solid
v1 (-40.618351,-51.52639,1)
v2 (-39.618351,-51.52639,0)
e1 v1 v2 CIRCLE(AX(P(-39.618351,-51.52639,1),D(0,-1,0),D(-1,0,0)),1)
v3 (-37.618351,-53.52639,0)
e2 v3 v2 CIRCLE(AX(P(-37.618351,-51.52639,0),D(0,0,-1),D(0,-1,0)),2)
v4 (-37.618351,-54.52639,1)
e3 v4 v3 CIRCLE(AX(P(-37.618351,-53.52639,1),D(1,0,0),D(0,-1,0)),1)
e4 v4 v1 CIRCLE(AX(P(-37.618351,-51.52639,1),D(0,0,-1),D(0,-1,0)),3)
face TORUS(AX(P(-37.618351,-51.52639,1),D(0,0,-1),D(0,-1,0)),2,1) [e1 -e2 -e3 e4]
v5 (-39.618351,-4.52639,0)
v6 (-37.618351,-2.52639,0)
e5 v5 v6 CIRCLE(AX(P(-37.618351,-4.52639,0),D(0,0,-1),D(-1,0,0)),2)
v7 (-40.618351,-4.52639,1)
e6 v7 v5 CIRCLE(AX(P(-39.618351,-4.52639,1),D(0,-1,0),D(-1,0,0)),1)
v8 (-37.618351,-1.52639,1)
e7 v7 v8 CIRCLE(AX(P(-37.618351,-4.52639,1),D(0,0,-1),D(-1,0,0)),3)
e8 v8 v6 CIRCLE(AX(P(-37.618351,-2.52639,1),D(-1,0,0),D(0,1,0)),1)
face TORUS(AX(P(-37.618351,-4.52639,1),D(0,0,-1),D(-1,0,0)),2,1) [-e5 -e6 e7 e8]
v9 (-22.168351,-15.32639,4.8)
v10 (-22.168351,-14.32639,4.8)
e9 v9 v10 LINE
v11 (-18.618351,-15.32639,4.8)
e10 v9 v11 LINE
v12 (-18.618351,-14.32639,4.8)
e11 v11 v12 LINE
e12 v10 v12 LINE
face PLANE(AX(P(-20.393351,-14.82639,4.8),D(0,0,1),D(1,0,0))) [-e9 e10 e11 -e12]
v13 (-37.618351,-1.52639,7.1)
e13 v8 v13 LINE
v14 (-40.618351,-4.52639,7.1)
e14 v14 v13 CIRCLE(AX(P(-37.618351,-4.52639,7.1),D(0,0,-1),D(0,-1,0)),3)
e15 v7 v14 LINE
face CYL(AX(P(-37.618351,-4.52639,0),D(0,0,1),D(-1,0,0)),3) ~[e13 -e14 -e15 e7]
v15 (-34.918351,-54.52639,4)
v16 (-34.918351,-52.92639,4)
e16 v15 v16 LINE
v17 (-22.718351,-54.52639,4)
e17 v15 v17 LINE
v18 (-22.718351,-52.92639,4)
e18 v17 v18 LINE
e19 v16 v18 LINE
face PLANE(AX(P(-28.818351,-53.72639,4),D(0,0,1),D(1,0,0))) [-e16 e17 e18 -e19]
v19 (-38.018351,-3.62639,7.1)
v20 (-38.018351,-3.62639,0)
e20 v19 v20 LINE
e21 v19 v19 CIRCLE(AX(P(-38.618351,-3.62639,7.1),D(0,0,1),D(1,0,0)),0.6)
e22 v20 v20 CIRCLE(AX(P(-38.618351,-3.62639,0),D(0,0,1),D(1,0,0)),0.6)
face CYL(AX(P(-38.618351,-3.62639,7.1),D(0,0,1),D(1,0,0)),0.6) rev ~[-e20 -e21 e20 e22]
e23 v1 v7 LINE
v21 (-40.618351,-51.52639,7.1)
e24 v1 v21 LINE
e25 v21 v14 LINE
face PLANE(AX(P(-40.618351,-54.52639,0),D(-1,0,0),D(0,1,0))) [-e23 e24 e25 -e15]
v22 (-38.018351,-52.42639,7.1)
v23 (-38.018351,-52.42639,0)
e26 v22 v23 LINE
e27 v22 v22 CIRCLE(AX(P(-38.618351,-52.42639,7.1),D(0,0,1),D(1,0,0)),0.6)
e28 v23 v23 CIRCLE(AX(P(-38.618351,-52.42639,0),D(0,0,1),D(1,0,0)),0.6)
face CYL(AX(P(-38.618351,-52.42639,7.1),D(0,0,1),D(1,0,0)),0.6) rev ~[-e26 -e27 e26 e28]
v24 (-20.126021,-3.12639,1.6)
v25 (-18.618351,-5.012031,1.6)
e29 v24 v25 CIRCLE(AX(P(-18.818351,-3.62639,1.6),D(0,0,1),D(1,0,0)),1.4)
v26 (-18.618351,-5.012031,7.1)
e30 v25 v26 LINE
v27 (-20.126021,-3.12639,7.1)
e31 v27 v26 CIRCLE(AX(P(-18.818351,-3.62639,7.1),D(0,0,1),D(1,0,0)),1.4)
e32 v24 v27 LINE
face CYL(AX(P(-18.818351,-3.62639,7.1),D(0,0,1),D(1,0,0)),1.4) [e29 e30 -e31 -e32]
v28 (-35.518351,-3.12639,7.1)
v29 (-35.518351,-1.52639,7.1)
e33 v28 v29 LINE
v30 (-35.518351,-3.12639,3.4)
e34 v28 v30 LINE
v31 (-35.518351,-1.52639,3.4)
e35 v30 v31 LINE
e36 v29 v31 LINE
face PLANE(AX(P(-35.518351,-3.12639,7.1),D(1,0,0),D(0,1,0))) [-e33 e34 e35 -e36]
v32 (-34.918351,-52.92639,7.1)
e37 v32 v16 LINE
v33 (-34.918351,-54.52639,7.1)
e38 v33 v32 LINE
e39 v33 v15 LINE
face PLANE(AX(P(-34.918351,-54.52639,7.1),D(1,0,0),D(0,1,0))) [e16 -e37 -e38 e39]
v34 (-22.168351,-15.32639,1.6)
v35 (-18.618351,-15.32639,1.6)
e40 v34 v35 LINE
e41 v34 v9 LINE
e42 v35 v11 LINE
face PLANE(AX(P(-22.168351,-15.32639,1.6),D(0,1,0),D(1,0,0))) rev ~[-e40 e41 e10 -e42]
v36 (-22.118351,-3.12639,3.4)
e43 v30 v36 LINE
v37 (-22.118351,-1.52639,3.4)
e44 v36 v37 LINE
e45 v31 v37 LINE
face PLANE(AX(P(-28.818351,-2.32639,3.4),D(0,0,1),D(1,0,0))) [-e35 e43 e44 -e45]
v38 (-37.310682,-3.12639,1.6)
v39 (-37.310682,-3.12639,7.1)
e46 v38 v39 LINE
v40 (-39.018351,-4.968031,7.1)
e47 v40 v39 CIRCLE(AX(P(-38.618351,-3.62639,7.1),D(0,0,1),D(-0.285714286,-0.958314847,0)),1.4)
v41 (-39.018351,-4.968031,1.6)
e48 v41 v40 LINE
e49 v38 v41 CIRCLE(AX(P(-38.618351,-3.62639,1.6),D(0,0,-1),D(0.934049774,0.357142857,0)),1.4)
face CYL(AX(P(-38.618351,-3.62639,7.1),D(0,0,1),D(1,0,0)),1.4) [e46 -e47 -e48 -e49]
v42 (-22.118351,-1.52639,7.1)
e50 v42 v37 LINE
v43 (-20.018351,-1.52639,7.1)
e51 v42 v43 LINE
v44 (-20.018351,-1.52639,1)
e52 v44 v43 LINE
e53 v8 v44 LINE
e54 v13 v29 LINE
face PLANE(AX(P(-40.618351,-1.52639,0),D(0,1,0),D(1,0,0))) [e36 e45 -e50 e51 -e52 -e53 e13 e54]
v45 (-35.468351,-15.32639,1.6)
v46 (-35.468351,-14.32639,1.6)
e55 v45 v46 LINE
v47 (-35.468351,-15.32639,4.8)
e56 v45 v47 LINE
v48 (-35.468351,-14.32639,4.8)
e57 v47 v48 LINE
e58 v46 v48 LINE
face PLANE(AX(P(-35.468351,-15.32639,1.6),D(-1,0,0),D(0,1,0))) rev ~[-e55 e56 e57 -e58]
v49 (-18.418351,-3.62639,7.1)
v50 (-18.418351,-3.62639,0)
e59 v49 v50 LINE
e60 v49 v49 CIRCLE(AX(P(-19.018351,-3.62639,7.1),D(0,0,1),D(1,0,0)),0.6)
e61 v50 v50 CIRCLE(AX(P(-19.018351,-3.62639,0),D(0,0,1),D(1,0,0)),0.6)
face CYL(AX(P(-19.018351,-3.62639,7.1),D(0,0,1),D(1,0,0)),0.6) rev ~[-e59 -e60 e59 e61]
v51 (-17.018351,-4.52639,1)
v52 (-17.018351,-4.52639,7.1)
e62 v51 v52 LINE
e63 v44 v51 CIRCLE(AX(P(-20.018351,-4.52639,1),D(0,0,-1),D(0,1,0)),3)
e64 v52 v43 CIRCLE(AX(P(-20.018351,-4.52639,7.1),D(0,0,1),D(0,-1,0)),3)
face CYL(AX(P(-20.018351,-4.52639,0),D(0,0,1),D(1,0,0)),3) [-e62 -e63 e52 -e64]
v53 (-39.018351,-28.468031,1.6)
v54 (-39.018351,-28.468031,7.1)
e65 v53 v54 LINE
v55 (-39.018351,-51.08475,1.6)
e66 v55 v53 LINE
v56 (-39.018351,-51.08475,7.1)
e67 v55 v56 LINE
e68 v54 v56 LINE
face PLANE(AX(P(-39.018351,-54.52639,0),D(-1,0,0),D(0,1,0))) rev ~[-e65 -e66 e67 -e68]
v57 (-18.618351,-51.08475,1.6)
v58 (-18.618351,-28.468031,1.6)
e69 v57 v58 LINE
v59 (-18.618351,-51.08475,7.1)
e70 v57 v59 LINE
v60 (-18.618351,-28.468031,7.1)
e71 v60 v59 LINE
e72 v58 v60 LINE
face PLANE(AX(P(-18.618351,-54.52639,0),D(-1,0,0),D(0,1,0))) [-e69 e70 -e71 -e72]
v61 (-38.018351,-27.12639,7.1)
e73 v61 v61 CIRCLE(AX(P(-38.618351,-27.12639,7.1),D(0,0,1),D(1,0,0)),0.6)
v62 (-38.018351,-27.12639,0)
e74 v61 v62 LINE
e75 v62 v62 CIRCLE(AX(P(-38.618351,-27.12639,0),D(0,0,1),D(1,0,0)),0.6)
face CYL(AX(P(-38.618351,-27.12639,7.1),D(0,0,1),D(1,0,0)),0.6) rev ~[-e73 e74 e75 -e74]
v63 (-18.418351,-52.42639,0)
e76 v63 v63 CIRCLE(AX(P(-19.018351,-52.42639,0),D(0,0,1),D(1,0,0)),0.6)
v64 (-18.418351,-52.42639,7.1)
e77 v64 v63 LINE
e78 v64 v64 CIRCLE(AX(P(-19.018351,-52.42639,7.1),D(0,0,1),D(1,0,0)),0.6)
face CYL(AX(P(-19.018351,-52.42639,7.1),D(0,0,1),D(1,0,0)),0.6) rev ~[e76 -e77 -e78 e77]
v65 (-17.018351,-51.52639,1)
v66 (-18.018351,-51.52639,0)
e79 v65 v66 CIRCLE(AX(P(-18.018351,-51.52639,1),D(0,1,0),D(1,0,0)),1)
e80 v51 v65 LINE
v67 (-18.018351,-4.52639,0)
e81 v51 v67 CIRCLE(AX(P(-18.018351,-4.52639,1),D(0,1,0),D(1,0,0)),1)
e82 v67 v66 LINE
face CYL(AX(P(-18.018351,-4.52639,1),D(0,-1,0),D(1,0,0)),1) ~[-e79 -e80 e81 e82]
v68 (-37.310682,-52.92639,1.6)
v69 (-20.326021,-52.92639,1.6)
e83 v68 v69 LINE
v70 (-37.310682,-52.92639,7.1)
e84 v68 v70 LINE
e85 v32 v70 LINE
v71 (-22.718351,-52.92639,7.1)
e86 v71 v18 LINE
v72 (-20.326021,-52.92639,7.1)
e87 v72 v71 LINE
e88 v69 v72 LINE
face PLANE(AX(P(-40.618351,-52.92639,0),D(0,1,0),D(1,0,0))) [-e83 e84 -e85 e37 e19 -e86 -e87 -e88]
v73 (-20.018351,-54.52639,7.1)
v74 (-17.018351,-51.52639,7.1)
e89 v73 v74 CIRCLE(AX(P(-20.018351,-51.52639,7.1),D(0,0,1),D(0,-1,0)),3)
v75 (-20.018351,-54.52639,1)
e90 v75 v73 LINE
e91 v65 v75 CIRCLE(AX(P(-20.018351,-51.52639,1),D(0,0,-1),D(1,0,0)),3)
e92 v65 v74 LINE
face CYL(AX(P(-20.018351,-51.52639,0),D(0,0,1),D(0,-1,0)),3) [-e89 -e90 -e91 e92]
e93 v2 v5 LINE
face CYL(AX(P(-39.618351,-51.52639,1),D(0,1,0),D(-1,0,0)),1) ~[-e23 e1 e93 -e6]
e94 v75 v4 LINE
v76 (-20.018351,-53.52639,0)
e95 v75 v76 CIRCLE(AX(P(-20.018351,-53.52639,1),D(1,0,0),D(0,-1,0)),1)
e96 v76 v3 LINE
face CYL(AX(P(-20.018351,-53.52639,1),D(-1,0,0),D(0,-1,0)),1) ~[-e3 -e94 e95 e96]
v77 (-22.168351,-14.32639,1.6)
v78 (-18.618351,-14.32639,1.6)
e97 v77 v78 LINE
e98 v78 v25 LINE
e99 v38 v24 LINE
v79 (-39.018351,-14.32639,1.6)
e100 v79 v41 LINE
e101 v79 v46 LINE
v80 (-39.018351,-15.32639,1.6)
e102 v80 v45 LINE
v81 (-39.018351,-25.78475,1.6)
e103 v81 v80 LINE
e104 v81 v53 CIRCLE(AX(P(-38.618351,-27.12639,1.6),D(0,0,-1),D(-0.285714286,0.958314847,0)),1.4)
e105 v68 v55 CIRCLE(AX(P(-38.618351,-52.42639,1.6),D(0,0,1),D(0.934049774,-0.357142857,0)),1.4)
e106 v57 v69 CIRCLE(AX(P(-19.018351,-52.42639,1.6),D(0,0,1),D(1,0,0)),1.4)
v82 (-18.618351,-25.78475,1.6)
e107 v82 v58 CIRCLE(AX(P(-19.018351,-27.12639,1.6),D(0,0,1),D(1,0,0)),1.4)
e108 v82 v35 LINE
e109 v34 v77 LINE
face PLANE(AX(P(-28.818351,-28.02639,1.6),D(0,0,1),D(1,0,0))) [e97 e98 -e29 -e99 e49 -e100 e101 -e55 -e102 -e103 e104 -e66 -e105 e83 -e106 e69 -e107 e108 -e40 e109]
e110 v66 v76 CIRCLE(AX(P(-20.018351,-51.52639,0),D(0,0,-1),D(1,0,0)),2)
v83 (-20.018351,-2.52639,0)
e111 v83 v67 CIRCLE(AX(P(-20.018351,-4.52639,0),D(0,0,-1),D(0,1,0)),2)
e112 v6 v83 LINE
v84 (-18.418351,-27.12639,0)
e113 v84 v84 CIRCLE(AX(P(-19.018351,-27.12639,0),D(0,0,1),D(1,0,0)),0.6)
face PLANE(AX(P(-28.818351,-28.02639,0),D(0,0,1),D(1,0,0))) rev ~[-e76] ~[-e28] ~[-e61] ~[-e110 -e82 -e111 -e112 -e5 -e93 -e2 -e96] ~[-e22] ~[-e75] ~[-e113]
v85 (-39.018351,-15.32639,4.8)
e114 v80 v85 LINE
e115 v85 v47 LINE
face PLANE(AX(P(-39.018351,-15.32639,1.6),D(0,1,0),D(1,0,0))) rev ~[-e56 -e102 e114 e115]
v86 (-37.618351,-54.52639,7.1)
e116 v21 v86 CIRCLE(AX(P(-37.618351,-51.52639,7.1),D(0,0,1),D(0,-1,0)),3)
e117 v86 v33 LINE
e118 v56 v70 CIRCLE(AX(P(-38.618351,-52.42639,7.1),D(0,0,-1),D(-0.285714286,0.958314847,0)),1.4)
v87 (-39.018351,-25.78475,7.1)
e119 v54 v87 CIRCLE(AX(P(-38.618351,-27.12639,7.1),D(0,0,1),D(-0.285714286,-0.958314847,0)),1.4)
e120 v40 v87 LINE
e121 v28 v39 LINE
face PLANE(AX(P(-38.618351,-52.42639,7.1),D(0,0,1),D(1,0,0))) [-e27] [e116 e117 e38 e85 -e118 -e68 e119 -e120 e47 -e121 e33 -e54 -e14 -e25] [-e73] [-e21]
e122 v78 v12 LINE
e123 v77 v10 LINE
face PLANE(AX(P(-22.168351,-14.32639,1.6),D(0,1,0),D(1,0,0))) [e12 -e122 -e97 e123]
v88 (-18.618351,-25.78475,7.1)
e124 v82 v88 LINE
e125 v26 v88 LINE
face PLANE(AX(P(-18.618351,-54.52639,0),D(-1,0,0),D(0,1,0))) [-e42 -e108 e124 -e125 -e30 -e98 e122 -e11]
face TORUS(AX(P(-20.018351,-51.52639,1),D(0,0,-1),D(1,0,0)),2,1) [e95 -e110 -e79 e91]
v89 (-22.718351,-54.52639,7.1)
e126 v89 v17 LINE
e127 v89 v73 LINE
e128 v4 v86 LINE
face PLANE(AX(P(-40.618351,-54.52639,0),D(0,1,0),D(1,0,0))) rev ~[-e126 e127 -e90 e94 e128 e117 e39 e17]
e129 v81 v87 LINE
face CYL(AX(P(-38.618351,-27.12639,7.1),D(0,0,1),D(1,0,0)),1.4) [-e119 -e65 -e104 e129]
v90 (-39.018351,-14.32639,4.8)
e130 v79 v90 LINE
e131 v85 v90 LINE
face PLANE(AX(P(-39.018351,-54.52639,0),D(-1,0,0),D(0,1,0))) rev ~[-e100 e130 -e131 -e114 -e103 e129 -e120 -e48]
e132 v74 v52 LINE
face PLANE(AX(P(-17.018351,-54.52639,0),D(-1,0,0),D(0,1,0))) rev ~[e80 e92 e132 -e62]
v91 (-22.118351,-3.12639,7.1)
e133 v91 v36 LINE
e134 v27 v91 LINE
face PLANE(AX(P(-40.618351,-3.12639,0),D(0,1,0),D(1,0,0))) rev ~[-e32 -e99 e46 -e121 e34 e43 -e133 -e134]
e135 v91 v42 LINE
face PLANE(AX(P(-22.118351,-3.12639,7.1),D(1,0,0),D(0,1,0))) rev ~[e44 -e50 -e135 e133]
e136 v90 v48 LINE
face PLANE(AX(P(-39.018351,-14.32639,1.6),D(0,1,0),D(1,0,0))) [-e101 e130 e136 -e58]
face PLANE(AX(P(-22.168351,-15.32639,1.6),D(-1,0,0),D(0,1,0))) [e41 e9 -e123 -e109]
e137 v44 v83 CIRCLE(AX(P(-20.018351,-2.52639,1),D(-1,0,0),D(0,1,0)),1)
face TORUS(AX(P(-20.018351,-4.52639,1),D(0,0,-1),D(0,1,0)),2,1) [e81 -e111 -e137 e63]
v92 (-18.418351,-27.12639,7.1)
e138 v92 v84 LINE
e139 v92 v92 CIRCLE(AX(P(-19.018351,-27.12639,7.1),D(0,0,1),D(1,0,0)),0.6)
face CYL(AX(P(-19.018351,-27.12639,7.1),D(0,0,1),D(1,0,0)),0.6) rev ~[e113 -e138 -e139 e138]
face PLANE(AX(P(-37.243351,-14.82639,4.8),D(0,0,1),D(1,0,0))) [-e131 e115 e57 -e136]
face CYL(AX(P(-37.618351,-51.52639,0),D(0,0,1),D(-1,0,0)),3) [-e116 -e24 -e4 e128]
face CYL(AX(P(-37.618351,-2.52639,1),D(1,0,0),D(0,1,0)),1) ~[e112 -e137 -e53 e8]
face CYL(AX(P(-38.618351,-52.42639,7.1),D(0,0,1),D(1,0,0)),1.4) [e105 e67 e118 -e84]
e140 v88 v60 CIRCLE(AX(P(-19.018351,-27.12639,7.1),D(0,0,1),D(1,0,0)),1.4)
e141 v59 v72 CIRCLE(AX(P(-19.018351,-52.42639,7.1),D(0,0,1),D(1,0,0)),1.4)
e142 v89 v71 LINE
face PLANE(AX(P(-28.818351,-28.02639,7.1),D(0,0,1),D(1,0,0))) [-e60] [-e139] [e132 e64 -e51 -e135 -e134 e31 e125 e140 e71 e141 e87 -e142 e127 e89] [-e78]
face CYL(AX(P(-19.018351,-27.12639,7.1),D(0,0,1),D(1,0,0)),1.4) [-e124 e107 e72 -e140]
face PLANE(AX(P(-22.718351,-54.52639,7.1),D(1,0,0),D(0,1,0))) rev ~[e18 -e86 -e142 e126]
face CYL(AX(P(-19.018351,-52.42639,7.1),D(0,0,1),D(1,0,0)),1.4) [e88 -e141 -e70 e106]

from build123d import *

# Parameters (mm, degrees)
SKETCH1_W           = 23.6
SKETCH1_H           = 53
BOSS_EXTRUDE2_DEPTH = 7.1
SHELL1_T            = -1.6
FILLET2_R           = 3
SKETCH7_W           = 12.2
SKETCH7_H           = 1.6
CUT_EXTRUDE1_DEPTH  = 3.1
SKETCH8_W           = 13.4
SKETCH8_H           = 1.6
CUT_EXTRUDE2_DEPTH  = 3.7
SKETCH9_W           = 3.55
SKETCH9_H           = 1
BOSS_EXTRUDE3_DEPTH = 3.2
SKETCH10_R          = 1.4
BOSS_EXTRUDE4_DEPTH = 7.1
SKETCH11_R          = 0.6
CUT_EXTRUDE4_DEPTH  = 7.1
FILLET3_R           = 1


with BuildPart() as part:
    # Sketch1 → Boss-Extrude2 (new body)
    with BuildSketch(Plane.XY):
        with Locations((-28.818351302, -28.026390465)):
            Rectangle(SKETCH1_W, SKETCH1_H)
    extrude(amount=BOSS_EXTRUDE2_DEPTH)

    # Shell1
    shell1_openings = [part.faces().sort_by_distance(p)[0] for p in [
        (-28.818351302, -28.026390465, 7.1),
    ]]
    offset(amount=SHELL1_T, openings=shell1_openings, kind=Kind.INTERSECTION)

    # Fillet2
    fillet2_edges = [part.edges().sort_by_distance(p)[0] for p in [
        (-40.618351302, -1.526390465, 3.55),
        (-17.018351302, -1.526390465, 3.55),
        (-17.018351302, -54.526390465, 3.55),
        (-40.618351302, -54.526390465, 3.55),
    ]]
    fillet(fillet2_edges, radius=FILLET2_R)

    # Sketch7 → Cut-Extrude1 (cut)
    with BuildSketch(Plane.XY.offset(7.1)):
        with Locations((-28.818351302, -53.726390465)):
            Rectangle(SKETCH7_W, SKETCH7_H)
    extrude(amount=-CUT_EXTRUDE1_DEPTH, mode=Mode.SUBTRACT)

    # Sketch8 → Cut-Extrude2 (cut)
    with BuildSketch(Plane.XY.offset(7.1)):
        with Locations((-28.818351302, -2.326390465)):
            Rectangle(SKETCH8_W, SKETCH8_H)
    extrude(amount=-CUT_EXTRUDE2_DEPTH, mode=Mode.SUBTRACT)

    # Sketch9 → Boss-Extrude3 (add)
    with BuildSketch(Plane.XY.offset(1.6)):
        with Locations((-20.393351302, -14.826390465)):
            Rectangle(SKETCH9_W, SKETCH9_H)
        with Locations((-37.243351302, -14.826390465)):
            Rectangle(SKETCH9_W, SKETCH9_H)
    extrude(amount=BOSS_EXTRUDE3_DEPTH)

    # Sketch10 → Boss-Extrude4 (add)
    with BuildSketch(Plane.XY.offset(7.1)):
        with Locations((-38.618351302, -52.426390465)):
            Circle(SKETCH10_R)
        with Locations((-19.018351302, -52.426390465)):
            Circle(SKETCH10_R)
        with Locations((-38.618351302, -27.126390465)):
            Circle(SKETCH10_R)
        with Locations((-19.018351302, -27.126390465)):
            Circle(SKETCH10_R)
        with Locations((-18.818351302, -3.626390465)):
            Circle(SKETCH10_R)
        with Locations((-38.618351302, -3.626390465)):
            Circle(SKETCH10_R)
    extrude(amount=-BOSS_EXTRUDE4_DEPTH)

    # Sketch11 → Cut-Extrude4 (cut)
    with BuildSketch(Plane.XY.offset(7.1)):
        with Locations((-38.618351302, -3.626390465)):
            Circle(SKETCH11_R)
        with Locations((-19.018351302, -3.626390465)):
            Circle(SKETCH11_R)
        with Locations((-38.618351302, -52.426390465)):
            Circle(SKETCH11_R)
        with Locations((-19.018351302, -52.426390465)):
            Circle(SKETCH11_R)
        with Locations((-38.618351302, -27.126390465)):
            Circle(SKETCH11_R)
        with Locations((-19.018351302, -27.126390465)):
            Circle(SKETCH11_R)
    extrude(amount=-CUT_EXTRUDE4_DEPTH, mode=Mode.SUBTRACT)

    # Fillet3
    fillet3_edges = [part.edges().sort_by_distance(p)[0] for p in [
        (-28.818351302, -1.526390465, 0),
        (-40.618351302, -28.026390465, 0),
        (-17.018351302, -28.026390465, 0),
        (-28.818351302, -54.526390465, 0),
        (-39.739671646, -2.405070122, 0),
        (-39.739671646, -53.647710809, 0),
        (-17.897030959, -53.647710809, 0),
        (-17.897030959, -2.405070122, 0),
    ]]
    fillet(fillet3_edges, radius=FILLET3_R)


solid = part.part
